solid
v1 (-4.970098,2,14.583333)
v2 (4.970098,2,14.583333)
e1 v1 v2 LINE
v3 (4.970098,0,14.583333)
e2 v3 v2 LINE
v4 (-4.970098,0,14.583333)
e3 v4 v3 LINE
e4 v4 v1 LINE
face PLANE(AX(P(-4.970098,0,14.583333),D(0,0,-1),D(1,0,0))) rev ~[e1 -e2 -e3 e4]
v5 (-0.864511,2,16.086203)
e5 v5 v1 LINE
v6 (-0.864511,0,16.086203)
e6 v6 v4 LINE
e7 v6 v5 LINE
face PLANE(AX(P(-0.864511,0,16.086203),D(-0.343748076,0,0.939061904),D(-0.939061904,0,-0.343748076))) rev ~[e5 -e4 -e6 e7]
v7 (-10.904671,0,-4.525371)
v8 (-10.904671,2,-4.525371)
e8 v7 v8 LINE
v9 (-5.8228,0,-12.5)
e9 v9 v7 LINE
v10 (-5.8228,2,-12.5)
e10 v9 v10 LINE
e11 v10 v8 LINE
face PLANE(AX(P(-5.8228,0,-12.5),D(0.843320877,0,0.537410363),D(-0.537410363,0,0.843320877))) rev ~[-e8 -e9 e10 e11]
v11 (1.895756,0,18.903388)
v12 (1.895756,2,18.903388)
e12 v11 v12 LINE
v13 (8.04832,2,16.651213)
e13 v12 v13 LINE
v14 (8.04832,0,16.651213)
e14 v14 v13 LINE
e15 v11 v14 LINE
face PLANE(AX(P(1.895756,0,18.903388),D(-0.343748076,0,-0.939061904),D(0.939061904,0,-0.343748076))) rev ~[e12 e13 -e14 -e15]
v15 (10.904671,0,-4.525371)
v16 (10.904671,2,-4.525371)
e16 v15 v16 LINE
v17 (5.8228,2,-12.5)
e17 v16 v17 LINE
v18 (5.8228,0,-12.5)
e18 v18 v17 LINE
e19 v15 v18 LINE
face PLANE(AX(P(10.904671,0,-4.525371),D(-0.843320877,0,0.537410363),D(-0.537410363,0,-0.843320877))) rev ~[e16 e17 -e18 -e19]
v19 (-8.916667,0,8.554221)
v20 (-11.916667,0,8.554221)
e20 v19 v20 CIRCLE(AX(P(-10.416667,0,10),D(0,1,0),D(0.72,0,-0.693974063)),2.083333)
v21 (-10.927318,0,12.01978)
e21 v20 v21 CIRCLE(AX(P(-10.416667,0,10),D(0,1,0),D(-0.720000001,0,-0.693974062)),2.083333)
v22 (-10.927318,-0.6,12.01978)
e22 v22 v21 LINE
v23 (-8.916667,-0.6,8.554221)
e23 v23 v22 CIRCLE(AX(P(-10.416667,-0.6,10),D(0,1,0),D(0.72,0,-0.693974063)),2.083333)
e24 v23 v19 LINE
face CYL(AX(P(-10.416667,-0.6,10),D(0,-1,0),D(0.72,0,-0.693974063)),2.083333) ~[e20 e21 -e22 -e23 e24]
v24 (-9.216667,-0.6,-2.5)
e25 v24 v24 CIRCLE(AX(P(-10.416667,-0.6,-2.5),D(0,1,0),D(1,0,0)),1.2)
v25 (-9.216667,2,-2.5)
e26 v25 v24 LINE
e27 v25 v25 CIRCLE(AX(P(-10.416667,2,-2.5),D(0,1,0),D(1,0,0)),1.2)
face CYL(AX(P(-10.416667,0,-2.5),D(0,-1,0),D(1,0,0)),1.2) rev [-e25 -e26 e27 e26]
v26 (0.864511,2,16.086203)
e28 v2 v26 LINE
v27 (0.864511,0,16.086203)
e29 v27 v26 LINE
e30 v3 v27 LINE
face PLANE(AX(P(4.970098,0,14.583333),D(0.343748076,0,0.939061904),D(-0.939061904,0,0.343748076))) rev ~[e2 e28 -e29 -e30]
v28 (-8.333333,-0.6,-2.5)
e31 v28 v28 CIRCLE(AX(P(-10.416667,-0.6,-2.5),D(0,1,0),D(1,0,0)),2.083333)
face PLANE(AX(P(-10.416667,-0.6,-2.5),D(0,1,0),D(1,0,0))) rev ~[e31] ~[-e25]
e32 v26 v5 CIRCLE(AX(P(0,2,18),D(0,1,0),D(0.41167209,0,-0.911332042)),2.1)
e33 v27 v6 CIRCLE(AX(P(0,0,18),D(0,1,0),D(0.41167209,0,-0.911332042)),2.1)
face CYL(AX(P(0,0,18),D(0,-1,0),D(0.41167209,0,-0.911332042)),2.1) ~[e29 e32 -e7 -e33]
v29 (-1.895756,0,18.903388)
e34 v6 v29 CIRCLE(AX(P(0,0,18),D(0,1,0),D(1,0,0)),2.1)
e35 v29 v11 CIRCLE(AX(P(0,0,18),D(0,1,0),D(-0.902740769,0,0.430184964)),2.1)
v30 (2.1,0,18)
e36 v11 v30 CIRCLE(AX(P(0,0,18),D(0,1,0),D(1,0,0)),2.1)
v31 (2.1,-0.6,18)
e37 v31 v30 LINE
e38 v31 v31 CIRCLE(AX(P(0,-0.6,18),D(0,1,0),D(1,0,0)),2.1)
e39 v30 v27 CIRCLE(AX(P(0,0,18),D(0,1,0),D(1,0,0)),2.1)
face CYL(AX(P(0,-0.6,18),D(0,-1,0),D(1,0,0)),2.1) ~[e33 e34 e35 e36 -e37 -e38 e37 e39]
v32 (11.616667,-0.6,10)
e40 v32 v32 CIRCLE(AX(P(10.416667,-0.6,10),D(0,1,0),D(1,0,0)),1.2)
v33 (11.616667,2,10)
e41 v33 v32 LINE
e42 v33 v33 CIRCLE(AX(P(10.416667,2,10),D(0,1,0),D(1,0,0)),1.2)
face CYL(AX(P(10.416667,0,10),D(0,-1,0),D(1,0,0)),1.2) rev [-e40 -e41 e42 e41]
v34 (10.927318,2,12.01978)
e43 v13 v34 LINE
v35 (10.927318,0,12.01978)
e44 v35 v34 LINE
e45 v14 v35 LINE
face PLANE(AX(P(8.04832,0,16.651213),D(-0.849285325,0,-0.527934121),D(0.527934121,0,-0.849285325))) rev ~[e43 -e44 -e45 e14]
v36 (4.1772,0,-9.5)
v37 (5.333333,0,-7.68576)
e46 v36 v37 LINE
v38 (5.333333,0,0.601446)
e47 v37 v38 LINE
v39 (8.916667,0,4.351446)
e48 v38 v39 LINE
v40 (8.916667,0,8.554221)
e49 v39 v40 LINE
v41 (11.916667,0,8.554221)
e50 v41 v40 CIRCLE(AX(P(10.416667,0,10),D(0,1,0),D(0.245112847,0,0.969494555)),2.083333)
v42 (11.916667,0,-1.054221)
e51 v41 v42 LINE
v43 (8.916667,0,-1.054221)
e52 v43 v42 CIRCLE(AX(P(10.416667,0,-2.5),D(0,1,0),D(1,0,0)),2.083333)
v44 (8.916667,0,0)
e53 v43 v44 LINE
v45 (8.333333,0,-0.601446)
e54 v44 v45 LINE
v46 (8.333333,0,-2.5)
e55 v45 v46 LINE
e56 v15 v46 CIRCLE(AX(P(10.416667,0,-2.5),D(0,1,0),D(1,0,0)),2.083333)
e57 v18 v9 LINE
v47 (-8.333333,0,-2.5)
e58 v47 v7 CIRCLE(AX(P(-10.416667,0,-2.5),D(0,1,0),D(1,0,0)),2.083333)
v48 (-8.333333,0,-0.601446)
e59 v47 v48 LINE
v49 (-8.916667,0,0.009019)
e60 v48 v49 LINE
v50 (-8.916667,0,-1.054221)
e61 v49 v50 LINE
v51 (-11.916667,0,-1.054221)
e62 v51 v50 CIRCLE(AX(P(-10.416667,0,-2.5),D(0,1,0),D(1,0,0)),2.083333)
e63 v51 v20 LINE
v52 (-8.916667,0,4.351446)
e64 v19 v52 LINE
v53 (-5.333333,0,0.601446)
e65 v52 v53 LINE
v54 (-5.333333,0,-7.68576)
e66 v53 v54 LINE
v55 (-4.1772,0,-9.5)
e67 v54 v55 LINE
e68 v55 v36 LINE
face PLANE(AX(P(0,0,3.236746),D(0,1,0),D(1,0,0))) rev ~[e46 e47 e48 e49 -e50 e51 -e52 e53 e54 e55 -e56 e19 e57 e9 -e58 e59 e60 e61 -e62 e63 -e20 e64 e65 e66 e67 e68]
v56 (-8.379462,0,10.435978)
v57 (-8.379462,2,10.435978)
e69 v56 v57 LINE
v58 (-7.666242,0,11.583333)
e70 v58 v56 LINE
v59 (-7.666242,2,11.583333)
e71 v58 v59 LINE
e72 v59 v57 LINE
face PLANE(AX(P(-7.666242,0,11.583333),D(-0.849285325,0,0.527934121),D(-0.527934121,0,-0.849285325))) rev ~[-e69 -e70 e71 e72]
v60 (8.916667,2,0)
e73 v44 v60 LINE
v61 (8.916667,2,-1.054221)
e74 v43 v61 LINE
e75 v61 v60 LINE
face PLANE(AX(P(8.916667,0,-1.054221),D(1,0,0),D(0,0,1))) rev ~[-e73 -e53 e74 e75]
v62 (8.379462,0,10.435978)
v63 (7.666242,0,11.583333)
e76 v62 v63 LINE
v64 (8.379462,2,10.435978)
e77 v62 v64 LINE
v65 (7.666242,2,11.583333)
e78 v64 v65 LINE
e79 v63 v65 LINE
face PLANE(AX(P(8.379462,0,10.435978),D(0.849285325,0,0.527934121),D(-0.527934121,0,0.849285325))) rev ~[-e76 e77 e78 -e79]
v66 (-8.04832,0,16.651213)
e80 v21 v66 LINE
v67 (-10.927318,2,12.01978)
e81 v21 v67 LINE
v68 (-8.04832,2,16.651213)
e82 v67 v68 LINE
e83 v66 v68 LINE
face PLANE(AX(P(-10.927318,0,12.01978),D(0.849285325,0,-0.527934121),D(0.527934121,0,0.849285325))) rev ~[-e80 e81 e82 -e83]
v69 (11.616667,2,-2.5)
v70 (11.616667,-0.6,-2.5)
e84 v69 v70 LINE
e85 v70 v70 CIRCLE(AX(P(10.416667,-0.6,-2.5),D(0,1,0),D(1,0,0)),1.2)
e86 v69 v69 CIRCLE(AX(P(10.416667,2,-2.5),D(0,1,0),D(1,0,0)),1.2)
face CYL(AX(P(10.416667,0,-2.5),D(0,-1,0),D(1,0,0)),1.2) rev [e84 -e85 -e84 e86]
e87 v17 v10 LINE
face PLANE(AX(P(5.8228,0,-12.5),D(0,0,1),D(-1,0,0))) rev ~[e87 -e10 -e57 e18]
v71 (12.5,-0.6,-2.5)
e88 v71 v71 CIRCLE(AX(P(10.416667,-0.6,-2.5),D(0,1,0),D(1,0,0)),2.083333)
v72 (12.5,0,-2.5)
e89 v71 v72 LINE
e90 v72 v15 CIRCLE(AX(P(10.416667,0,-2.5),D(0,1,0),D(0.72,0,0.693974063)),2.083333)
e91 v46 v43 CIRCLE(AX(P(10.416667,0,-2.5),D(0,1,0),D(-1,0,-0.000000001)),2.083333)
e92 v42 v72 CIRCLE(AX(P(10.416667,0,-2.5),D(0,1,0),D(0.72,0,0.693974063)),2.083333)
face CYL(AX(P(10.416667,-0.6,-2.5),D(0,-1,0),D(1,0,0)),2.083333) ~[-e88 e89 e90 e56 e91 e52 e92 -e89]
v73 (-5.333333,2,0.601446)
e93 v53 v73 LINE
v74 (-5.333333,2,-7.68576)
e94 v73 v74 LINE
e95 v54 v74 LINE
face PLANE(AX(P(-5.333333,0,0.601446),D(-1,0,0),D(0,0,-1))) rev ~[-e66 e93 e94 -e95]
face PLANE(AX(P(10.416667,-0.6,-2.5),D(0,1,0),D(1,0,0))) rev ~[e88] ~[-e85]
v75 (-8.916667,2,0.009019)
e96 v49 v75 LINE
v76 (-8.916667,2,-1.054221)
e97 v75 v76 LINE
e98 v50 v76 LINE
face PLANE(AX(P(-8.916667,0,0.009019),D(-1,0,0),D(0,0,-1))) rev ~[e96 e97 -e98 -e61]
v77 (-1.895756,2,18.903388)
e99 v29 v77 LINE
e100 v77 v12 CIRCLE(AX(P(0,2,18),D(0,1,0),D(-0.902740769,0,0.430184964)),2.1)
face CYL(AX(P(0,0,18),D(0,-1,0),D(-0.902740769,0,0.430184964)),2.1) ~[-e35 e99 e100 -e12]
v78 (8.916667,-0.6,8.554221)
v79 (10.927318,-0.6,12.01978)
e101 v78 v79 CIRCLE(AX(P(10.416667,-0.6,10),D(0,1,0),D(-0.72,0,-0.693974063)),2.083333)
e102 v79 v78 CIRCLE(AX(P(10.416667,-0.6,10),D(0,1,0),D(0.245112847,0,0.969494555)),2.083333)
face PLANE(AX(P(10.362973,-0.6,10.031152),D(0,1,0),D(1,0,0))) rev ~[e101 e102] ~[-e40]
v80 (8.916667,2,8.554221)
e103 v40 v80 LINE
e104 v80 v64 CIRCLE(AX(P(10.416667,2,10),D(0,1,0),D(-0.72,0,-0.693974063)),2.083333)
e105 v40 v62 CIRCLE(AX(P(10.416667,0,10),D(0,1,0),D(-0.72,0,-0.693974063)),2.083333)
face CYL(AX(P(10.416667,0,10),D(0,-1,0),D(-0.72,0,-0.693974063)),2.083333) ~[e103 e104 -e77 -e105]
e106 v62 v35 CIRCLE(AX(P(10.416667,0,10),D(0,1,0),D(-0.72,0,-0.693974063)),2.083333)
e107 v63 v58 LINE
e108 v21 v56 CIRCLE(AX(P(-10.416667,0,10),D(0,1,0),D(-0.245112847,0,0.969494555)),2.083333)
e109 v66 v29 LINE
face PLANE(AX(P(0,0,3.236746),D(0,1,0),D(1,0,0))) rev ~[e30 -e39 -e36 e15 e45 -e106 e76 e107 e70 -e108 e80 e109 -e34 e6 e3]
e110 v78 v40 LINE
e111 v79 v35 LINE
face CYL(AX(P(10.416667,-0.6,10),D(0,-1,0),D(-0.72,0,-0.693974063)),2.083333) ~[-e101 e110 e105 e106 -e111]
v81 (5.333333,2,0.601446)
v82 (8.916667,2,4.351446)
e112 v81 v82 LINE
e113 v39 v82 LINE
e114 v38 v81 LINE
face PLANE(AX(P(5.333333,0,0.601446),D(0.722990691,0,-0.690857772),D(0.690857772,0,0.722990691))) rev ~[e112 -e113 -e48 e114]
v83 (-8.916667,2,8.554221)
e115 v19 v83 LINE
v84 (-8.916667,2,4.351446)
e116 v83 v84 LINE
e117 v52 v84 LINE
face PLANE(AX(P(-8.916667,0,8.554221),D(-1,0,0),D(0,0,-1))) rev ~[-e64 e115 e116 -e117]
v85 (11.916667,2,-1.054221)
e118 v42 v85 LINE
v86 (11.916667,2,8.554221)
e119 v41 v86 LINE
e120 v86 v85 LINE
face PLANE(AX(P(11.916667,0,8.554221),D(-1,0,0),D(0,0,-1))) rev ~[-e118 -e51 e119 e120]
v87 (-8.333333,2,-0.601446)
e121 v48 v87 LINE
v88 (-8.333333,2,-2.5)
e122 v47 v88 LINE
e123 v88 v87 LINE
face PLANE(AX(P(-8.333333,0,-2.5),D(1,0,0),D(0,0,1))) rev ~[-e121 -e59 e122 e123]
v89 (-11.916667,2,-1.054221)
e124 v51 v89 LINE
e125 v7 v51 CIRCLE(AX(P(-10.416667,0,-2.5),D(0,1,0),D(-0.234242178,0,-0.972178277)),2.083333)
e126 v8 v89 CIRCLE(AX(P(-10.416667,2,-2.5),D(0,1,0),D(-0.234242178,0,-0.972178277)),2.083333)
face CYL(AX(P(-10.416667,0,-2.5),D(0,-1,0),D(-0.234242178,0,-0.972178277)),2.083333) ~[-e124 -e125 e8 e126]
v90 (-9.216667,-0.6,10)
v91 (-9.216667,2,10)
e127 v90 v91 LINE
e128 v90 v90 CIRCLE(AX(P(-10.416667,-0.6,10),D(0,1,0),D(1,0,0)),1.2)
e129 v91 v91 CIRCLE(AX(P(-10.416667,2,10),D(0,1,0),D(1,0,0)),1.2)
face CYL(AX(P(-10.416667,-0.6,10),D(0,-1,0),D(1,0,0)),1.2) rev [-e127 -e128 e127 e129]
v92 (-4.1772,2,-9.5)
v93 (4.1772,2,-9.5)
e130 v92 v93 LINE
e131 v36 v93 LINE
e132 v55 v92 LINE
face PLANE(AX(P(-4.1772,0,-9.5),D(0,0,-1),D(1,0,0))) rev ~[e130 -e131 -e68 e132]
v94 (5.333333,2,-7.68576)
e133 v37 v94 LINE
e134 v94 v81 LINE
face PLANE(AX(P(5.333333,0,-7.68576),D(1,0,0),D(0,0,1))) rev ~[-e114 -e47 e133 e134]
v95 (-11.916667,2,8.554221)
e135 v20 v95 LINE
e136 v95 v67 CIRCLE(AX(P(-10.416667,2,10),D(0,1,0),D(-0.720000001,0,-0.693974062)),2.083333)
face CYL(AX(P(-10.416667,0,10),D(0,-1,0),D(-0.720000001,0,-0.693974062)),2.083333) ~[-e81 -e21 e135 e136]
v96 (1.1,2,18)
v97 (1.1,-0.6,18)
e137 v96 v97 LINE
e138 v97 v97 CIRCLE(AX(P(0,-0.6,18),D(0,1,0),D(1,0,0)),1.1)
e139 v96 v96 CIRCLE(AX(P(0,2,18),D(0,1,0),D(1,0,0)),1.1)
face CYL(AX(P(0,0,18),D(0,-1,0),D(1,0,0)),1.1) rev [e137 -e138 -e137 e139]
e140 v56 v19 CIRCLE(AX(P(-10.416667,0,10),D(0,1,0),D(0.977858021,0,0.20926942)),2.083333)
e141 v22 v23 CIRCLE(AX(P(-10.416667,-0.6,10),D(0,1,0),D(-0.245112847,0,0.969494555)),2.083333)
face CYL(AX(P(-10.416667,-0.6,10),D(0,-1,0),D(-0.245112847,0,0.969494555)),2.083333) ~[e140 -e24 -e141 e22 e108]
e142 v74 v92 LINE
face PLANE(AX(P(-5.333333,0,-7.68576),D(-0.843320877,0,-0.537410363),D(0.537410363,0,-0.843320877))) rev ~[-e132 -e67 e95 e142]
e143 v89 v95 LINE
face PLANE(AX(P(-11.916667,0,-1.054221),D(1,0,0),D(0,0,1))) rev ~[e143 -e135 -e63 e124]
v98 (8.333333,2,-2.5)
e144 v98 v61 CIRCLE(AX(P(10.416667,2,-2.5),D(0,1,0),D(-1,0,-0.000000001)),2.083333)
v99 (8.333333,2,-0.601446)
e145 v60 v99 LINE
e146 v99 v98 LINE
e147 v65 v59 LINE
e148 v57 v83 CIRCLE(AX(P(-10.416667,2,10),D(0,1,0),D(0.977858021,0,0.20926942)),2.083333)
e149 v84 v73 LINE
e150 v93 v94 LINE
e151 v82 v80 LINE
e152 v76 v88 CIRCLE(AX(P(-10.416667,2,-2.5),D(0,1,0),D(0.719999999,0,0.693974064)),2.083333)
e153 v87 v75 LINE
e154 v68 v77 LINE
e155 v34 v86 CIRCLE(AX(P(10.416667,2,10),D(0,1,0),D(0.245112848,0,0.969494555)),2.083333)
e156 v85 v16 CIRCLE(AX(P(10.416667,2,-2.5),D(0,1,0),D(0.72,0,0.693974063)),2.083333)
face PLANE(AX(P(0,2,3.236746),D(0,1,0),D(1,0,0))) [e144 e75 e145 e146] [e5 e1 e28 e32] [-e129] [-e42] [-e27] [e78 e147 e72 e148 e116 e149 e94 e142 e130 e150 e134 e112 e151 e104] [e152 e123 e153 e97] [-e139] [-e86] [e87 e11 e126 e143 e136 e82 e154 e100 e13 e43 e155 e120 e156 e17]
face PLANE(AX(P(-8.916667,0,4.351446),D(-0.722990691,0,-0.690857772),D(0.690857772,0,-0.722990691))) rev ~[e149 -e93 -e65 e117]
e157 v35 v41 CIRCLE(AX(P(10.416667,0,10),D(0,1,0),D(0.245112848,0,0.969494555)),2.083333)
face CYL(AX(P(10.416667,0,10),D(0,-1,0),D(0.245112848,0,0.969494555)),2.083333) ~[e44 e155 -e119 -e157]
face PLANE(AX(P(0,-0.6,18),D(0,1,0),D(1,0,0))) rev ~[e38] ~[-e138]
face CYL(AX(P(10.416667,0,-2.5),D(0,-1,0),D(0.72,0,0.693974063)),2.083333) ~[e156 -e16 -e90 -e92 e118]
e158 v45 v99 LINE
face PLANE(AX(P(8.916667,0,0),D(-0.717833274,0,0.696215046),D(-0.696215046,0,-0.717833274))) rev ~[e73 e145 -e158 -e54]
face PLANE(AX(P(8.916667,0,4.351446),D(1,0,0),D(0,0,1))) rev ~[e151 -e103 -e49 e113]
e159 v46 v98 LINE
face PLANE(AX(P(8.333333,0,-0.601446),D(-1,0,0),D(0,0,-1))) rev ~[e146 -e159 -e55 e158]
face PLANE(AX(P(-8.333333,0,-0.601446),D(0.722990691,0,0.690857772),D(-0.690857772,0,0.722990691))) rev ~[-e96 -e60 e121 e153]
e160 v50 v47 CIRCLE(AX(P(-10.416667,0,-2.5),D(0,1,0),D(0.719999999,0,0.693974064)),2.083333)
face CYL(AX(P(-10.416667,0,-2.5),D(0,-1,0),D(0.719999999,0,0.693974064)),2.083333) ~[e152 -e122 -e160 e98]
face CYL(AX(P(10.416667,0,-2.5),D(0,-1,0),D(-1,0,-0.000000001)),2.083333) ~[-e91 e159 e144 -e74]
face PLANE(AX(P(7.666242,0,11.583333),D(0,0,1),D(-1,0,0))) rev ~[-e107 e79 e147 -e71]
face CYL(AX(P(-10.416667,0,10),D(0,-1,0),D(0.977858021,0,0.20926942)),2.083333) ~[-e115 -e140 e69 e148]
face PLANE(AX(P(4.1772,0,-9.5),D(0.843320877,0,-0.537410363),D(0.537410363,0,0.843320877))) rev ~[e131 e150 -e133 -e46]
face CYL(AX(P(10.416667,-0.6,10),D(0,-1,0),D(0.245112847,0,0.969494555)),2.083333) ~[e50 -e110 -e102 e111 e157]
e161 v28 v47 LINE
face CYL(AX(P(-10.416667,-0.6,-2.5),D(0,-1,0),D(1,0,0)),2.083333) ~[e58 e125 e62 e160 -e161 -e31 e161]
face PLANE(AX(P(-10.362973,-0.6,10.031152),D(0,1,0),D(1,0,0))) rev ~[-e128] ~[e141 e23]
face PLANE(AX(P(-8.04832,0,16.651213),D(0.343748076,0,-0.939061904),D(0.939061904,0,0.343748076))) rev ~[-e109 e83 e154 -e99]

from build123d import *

# Parameters (mm, degrees)
SKETCH1_R           = 1.2
SKETCH1_R_2         = 1.1
BOSS_EXTRUDE1_DEPTH = 2
BOSS_EXTRUDE2_START = -0.6
SKETCH2_4_R         = 1.2
SKETCH2_4_R_2       = 2.083333333
SKETCH2_4_R_3       = 2.1
SKETCH2_4_R_4       = 1.1
BOSS_EXTRUDE2_DEPTH = 0.6


with BuildPart() as part:
    # Sketch1 → Boss-Extrude1 (new body)
    with BuildSketch(Plane(origin=(0, 0, 0), x_dir=(1, 0, 0), z_dir=(0, 1, 0))):
        with BuildLine():
            Line((-5.822800045, 12.5), (-10.904671205, 4.52537141))
            ThreePointArc((-10.904671205, 4.52537141), (-12.416732246, 3.083108444), (-11.916666667, 1.054220702))
            Line((-11.916666667, 1.054220702), (-11.916666667, -8.554220702))
            ThreePointArc((-11.916666667, -8.554220702), (-12.419965446, -10.571901894), (-10.927318432, -12.019780323))
            Line((-10.927318432, -12.019780323), (-8.048319684, -16.65121309))
            Line((-8.048319684, -16.65121309), (-1.895755615, -18.903388425))
            ThreePointArc((-1.895755615, -18.903388425), (0, -20.1), (1.895755615, -18.903388425))
            Line((1.895755615, -18.903388425), (8.048319684, -16.65121309))
            Line((8.048319684, -16.65121309), (10.927318432, -12.019780323))
            ThreePointArc((10.927318432, -12.019780323), (12.419965446, -10.571901894), (11.916666667, -8.554220702))
            Line((11.916666667, -8.554220702), (11.916666667, 1.054220702))
            ThreePointArc((11.916666667, 1.054220702), (12.416732246, 3.083108444), (10.904671205, 4.52537141))
            Line((10.904671205, 4.52537141), (5.822800045, 12.5))
            Line((5.822800045, 12.5), (-5.822800045, 12.5))
        make_face()
        with BuildLine():
            Line((-8.333333333, 0.601446463), (-8.916666667, -0.009018653))
            Line((-8.916666667, -0.009018653), (-8.916666667, 1.054220702))
            ThreePointArc((-8.916666667, 1.054220702), (-8.484662813, 1.720488044), (-8.333333333, 2.5))
            Line((-8.333333333, 2.5), (-8.333333333, 0.601446463))
        make_face(mode=Mode.SUBTRACT)
        with BuildLine():
            Line((8.333333333, 0.601446463), (8.333333333, 2.5))
            ThreePointArc((8.333333333, 2.5), (8.484662813, 1.720488044), (8.916666667, 1.054220702))
            Line((8.916666667, 1.054220702), (8.916666667, 0))
            Line((8.916666667, 0), (8.333333333, 0.601446463))
        make_face(mode=Mode.SUBTRACT)
        with BuildLine():
            Line((5.333333333, -0.601446463), (8.916666667, -4.351446463))
            Line((8.916666667, -4.351446463), (8.916666667, -8.554220702))
            ThreePointArc((8.916666667, -8.554220702), (8.413367887, -9.428098106), (8.379462456, -10.435977959))
            Line((8.379462456, -10.435977959), (7.666241548, -11.583333333))
            Line((7.666241548, -11.583333333), (-7.666241548, -11.583333333))
            Line((-7.666241548, -11.583333333), (-8.379462456, -10.435977959))
            ThreePointArc((-8.379462456, -10.435977959), (-8.413367887, -9.428098106), (-8.916666667, -8.554220702))
            Line((-8.916666667, -8.554220702), (-8.916666667, -4.351446463))
            Line((-8.916666667, -4.351446463), (-5.333333333, -0.601446463))
            Line((-5.333333333, -0.601446463), (-5.333333333, 7.685759929))
            Line((-5.333333333, 7.685759929), (-4.177199955, 9.5))
            Line((-4.177199955, 9.5), (4.177199955, 9.5))
            Line((4.177199955, 9.5), (5.333333333, 7.685759929))
            Line((5.333333333, 7.685759929), (5.333333333, -0.601446463))
        make_face(mode=Mode.SUBTRACT)
        with Locations((-10.416666667, 2.5)):
            Circle(SKETCH1_R, mode=Mode.SUBTRACT)
        with Locations((10.416666667, 2.5)):
            Circle(SKETCH1_R, mode=Mode.SUBTRACT)
        with Locations((-10.416666667, -10)):
            Circle(SKETCH1_R, mode=Mode.SUBTRACT)
        with Locations((10.416666667, -10)):
            Circle(SKETCH1_R, mode=Mode.SUBTRACT)
        with BuildLine():
            Line((-4.970097661, -14.583333333), (4.970097661, -14.583333333))
            Line((4.970097661, -14.583333333), (0.864511388, -16.086202712))
            ThreePointArc((0.864511388, -16.086202712), (0, -15.9), (-0.864511388, -16.086202712))
            Line((-0.864511388, -16.086202712), (-4.970097661, -14.583333333))
        make_face(mode=Mode.SUBTRACT)
        with Locations((0, -18)):
            Circle(SKETCH1_R_2, mode=Mode.SUBTRACT)
    extrude(amount=BOSS_EXTRUDE1_DEPTH)

    # Sketch2_4 → Boss-Extrude2 (add)
    # profile 1 of 5: a face of its own
    with BuildSketch(Plane(origin=(0, 0, 0), x_dir=(1, 0, 0), z_dir=(0, 1, 0)).offset(BOSS_EXTRUDE2_START)):
        with BuildLine():
            ThreePointArc((-10.927318432, -12.019780323), (-8.614659909, -11.04549004), (-8.916666667, -8.554220702))
            ThreePointArc((-8.916666667, -8.554220702), (-12.218673424, -8.95450996), (-10.927318432, -12.019780323))
        make_face()
        with Locations((-10.416666667, -10)):
            Circle(SKETCH2_4_R, mode=Mode.SUBTRACT)
    # profile 2 of 5: a face of its own
    with BuildSketch(Plane(origin=(0, 0, 0), x_dir=(1, 0, 0), z_dir=(0, 1, 0)).offset(BOSS_EXTRUDE2_START)):
        with Locations((-10.416666667, 2.5)):
            Circle(SKETCH2_4_R_2)
        with Locations((-10.416666667, 2.5)):
            Circle(SKETCH2_4_R, mode=Mode.SUBTRACT)
    # profile 3 of 5: a face of its own
    with BuildSketch(Plane(origin=(0, 0, 0), x_dir=(1, 0, 0), z_dir=(0, 1, 0)).offset(BOSS_EXTRUDE2_START)):
        with BuildLine():
            ThreePointArc((8.916666667, -8.554220702), (8.614659909, -11.04549004), (10.927318432, -12.019780323))
            ThreePointArc((10.927318432, -12.019780323), (12.218673424, -8.95450996), (8.916666667, -8.554220702))
        make_face()
        with Locations((10.416666667, -10)):
            Circle(SKETCH2_4_R, mode=Mode.SUBTRACT)
    # profile 4 of 5: a face of its own
    with BuildSketch(Plane(origin=(0, 0, 0), x_dir=(1, 0, 0), z_dir=(0, 1, 0)).offset(BOSS_EXTRUDE2_START)):
        with Locations((0, -18)):
            Circle(SKETCH2_4_R_3)
        with Locations((0, -18)):
            Circle(SKETCH2_4_R_4, mode=Mode.SUBTRACT)
    # profile 5 of 5: a face of its own
    with BuildSketch(Plane(origin=(0, 0, 0), x_dir=(1, 0, 0), z_dir=(0, 1, 0)).offset(BOSS_EXTRUDE2_START)):
        with Locations((10.416666667, 2.5)):
            Circle(SKETCH2_4_R_2)
        with Locations((10.416666667, 2.5)):
            Circle(SKETCH2_4_R, mode=Mode.SUBTRACT)
    extrude(amount=BOSS_EXTRUDE2_DEPTH)


solid = part.part
